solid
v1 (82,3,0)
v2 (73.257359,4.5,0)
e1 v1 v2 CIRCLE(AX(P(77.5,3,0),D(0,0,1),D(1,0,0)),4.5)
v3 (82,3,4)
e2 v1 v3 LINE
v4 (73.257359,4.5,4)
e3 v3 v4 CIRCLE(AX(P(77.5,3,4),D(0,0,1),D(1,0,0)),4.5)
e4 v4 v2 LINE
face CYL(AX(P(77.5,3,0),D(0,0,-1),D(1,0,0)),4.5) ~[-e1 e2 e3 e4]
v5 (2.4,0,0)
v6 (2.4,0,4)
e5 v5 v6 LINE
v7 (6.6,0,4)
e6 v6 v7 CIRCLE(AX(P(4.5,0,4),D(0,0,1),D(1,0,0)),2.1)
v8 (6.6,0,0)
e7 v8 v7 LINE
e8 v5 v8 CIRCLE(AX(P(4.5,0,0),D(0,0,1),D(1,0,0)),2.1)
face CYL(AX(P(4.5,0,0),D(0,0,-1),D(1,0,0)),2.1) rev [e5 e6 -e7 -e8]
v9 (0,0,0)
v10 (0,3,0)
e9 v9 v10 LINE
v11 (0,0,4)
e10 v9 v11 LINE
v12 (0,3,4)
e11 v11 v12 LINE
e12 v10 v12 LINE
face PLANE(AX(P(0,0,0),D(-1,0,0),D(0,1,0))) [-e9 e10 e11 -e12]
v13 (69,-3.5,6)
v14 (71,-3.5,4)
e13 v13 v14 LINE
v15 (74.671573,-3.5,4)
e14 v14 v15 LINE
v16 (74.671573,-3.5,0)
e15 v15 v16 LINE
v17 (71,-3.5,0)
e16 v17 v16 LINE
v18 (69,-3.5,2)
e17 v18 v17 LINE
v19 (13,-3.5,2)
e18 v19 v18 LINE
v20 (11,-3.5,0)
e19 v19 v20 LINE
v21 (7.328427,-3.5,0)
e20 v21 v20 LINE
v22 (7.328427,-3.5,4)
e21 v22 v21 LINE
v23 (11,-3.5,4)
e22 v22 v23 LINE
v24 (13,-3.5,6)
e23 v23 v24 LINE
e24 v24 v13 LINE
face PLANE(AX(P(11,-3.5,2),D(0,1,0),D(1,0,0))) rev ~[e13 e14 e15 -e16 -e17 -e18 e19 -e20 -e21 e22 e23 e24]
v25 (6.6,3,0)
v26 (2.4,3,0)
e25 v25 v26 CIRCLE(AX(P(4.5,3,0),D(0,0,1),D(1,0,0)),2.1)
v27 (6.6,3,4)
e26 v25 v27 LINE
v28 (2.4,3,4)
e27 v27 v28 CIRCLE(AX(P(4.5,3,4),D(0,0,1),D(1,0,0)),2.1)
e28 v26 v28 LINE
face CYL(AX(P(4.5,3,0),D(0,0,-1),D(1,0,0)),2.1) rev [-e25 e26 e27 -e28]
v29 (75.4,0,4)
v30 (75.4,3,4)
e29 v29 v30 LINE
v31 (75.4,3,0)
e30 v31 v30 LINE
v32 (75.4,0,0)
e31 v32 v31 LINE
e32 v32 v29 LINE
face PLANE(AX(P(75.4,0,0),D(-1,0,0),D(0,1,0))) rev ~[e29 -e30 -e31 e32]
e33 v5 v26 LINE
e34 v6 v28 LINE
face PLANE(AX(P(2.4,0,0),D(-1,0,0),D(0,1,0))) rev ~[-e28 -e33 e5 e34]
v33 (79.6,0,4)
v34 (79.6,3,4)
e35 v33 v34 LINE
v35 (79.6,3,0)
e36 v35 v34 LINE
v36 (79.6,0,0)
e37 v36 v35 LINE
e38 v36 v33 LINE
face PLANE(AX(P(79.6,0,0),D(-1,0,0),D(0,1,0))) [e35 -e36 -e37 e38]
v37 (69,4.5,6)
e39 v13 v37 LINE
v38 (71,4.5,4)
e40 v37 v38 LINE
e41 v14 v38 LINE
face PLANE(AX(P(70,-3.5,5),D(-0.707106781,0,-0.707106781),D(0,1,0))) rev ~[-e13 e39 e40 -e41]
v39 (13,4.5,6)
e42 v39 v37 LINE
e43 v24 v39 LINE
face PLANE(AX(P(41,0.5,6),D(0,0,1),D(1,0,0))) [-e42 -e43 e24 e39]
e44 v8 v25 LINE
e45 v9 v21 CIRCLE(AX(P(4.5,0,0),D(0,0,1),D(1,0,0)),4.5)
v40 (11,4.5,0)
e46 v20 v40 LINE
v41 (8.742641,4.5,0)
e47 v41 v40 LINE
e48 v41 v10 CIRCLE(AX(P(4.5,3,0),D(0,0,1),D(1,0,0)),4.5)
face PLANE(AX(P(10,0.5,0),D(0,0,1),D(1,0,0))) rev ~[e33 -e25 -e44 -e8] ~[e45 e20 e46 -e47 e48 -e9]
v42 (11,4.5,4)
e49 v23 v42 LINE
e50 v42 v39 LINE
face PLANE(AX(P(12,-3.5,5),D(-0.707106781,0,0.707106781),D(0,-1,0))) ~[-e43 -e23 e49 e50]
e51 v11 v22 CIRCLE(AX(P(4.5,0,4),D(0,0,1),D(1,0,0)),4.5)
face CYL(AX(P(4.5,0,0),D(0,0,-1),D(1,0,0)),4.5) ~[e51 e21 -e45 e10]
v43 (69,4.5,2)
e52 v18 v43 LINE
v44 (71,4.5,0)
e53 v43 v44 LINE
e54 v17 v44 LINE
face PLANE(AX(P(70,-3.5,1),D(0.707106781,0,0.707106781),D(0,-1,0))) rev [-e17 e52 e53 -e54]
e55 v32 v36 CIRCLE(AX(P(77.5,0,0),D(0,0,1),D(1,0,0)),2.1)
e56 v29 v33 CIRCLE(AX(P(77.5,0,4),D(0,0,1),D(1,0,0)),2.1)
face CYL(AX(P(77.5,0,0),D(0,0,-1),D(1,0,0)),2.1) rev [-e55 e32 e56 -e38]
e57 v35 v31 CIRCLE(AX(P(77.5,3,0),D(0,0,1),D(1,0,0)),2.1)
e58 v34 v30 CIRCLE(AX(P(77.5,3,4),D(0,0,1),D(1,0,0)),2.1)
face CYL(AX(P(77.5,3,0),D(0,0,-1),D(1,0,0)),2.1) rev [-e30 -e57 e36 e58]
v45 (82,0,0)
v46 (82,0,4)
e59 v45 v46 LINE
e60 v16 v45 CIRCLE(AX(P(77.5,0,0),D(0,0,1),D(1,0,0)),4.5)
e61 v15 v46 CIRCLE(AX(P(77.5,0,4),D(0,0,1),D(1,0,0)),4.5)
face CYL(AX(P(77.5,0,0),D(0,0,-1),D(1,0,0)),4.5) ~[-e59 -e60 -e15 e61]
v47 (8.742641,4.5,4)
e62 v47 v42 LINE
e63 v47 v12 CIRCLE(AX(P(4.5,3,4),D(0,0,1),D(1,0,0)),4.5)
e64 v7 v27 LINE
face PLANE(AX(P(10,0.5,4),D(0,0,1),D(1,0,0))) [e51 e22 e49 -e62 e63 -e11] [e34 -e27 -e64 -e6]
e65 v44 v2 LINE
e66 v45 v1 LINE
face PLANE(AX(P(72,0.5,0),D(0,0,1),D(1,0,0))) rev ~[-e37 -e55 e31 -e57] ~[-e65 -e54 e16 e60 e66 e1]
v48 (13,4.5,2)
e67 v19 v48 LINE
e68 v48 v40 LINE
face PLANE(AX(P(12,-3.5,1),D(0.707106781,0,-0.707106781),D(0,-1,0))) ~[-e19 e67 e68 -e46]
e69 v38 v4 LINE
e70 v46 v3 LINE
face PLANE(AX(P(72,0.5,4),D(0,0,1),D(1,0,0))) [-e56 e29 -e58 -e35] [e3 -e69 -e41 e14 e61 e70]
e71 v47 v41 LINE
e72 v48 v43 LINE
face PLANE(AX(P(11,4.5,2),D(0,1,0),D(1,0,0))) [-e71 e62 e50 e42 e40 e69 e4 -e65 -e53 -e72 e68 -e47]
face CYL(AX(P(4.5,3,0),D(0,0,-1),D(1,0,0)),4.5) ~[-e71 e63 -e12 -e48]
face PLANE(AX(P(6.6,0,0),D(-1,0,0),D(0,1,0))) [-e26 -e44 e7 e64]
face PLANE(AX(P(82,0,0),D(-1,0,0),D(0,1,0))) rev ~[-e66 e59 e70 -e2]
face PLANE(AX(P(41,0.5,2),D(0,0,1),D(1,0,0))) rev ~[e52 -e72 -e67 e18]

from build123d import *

# Parameters (mm, degrees)
BOX002_W          = 4.2
BOX002_H          = 3
BOX002_DEPTH      = 4
CYLINDER005_R     = 2.1
CYLINDER005_DEPTH = 4
CYLINDER004_R     = 2.1
CYLINDER004_DEPTH = 4
BOX003_W          = 9
BOX003_H          = 3
BOX003_DEPTH      = 4
CYLINDER006_R     = 4.5
CYLINDER006_DEPTH = 4
CYLINDER007_R     = 4.5
CYLINDER007_DEPTH = 4
BOX005_W          = 6
BOX005_H          = 8
BOX005_DEPTH      = 4
CHAMFER002_SIZE   = 2
BOX006_W          = 60
BOX006_H          = 8
BOX006_DEPTH      = 4
CHAMFER_SIZE      = 2
CHAMFER003_SIZE   = 2
BOX004_W          = 6
BOX004_H          = 8
BOX004_DEPTH      = 4
CHAMFER001_SIZE   = 2
BOX_W             = 4.2
BOX_H             = 3
BOX_DEPTH         = 4
CYLINDER001_R     = 2.1
CYLINDER001_DEPTH = 4
CYLINDER_R        = 2.1
CYLINDER_DEPTH    = 4
BOX001_W          = 9
BOX001_H          = 3
BOX001_DEPTH      = 4
CYLINDER003_R     = 4.5
CYLINDER003_DEPTH = 4
CYLINDER002_R     = 4.5
CYLINDER002_DEPTH = 4


with BuildPart() as w_rfel002:
    # Box002 → Box002 (new body)
    with BuildSketch(Plane(origin=(-2.1, 0, 0), x_dir=(1, 0, 0), z_dir=(0, 0, 1))):
        with Locations((2.1, 1.5)):
            Rectangle(BOX002_W, BOX002_H)
    extrude(amount=BOX002_DEPTH)


with BuildPart() as zylinder005:
    # Cylinder005 → Cylinder005 (new body)
    with BuildSketch(Plane(origin=(0, 3, 0), x_dir=(1, 0, 0), z_dir=(0, 0, 1))):
        Circle(CYLINDER005_R)
    extrude(amount=CYLINDER005_DEPTH)


with BuildPart() as fusion002:
    # Cylinder004 → Cylinder004 (new body)
    with BuildSketch(Plane.XY):
        Circle(CYLINDER004_R)
    extrude(amount=CYLINDER004_DEPTH)

    # Fusion002: union Würfel002, Zylinder005
    add(w_rfel002.part)
    add(zylinder005.part)


with BuildPart() as w_rfel003:
    # Box003 → Box003 (new body)
    with BuildSketch(Plane(origin=(-4.5, 0, 0), x_dir=(1, 0, 0), z_dir=(0, 0, 1))):
        with Locations((4.5, 1.5)):
            Rectangle(BOX003_W, BOX003_H)
    extrude(amount=BOX003_DEPTH)


with BuildPart() as zylinder006:
    # Cylinder006 → Cylinder006 (new body)
    with BuildSketch(Plane(origin=(0, 3, 0), x_dir=(1, 0, 0), z_dir=(0, 0, 1))):
        Circle(CYLINDER006_R)
    extrude(amount=CYLINDER006_DEPTH)


with BuildPart() as cut001:
    # Cylinder007 → Cylinder007 (new body)
    with BuildSketch(Plane.XY):
        Circle(CYLINDER007_R)
    extrude(amount=CYLINDER007_DEPTH)

    # Fusion003: union Würfel003, Zylinder006
    add(w_rfel003.part)
    add(zylinder006.part)

    # Cut001: cut Fusion002
    add(fusion002.part, mode=Mode.SUBTRACT)


with BuildPart() as cut001_1:
    # Cut001 placement: moved
    add(cut001.part.moved(Location((77.5, 0, 0))))


with BuildPart() as chamfer002:
    # Box005 → Box005 (new body)
    with BuildSketch(Plane(origin=(69, -3.5, 0), x_dir=(1, 0, 0), z_dir=(0, 0, 1))):
        with Locations((3, 4)):
            Rectangle(BOX005_W, BOX005_H)
    extrude(amount=BOX005_DEPTH)

    # Chamfer002
    chamfer002_edges = [chamfer002.edges().sort_by_distance(p)[0] for p in [
        (69, 0.5, 0),
    ]]
    chamfer(chamfer002_edges, length=CHAMFER002_SIZE)


with BuildPart() as chamfer003:
    # Box006 → Box006 (new body)
    with BuildSketch(Plane(origin=(11, -3.5, 2), x_dir=(1, 0, 0), z_dir=(0, 0, 1))):
        with Locations((30, 4)):
            Rectangle(BOX006_W, BOX006_H)
    extrude(amount=BOX006_DEPTH)

    # Chamfer
    chamfer_edges = [chamfer003.edges().sort_by_distance(p)[0] for p in [
        (11, 0.5, 6),
    ]]
    chamfer(chamfer_edges, length=CHAMFER_SIZE)

    # Chamfer003
    chamfer003_edges = [chamfer003.edges().sort_by_distance(p)[0] for p in [
        (71, 0.5, 6),
    ]]
    chamfer(chamfer003_edges, length=CHAMFER003_SIZE)


with BuildPart() as fusion004:
    # Box004 → Box004 (new body)
    with BuildSketch(Plane(origin=(7, -3.5, 0), x_dir=(1, 0, 0), z_dir=(0, 0, 1))):
        with Locations((3, 4)):
            Rectangle(BOX004_W, BOX004_H)
    extrude(amount=BOX004_DEPTH)

    # Chamfer001
    chamfer001_edges = [fusion004.edges().sort_by_distance(p)[0] for p in [
        (13, 0.5, 0),
    ]]
    chamfer(chamfer001_edges, length=CHAMFER001_SIZE)

    # Fusion004: union Chamfer002, Chamfer003
    add(chamfer002.part)
    add(chamfer003.part)


with BuildPart() as w_rfel:
    # Box → Box (new body)
    with BuildSketch(Plane(origin=(-2.1, 0, 0), x_dir=(1, 0, 0), z_dir=(0, 0, 1))):
        with Locations((2.1, 1.5)):
            Rectangle(BOX_W, BOX_H)
    extrude(amount=BOX_DEPTH)


with BuildPart() as zylinder001:
    # Cylinder001 → Cylinder001 (new body)
    with BuildSketch(Plane(origin=(0, 3, 0), x_dir=(1, 0, 0), z_dir=(0, 0, 1))):
        Circle(CYLINDER001_R)
    extrude(amount=CYLINDER001_DEPTH)


with BuildPart() as fusion:
    # Cylinder → Cylinder (new body)
    with BuildSketch(Plane.XY):
        Circle(CYLINDER_R)
    extrude(amount=CYLINDER_DEPTH)

    # Fusion: union Würfel, Zylinder001
    add(w_rfel.part)
    add(zylinder001.part)


with BuildPart() as w_rfel001:
    # Box001 → Box001 (new body)
    with BuildSketch(Plane(origin=(-4.5, 0, 0), x_dir=(1, 0, 0), z_dir=(0, 0, 1))):
        with Locations((4.5, 1.5)):
            Rectangle(BOX001_W, BOX001_H)
    extrude(amount=BOX001_DEPTH)


with BuildPart() as zylinder003:
    # Cylinder003 → Cylinder003 (new body)
    with BuildSketch(Plane(origin=(0, 3, 0), x_dir=(1, 0, 0), z_dir=(0, 0, 1))):
        Circle(CYLINDER003_R)
    extrude(amount=CYLINDER003_DEPTH)


with BuildPart() as fusion005:
    # Cylinder002 → Cylinder002 (new body)
    with BuildSketch(Plane.XY):
        Circle(CYLINDER002_R)
    extrude(amount=CYLINDER002_DEPTH)

    # Fusion001: union Würfel001, Zylinder003
    add(w_rfel001.part)
    add(zylinder003.part)

    # Cut: cut Fusion
    add(fusion.part, mode=Mode.SUBTRACT)


with BuildPart() as fusion005_1:
    # Cut placement: moved
    add(fusion005.part.moved(Location((4.5, 0, 0))))

    # Fusion005: union Cut001, Fusion004
    add(cut001_1.part)
    add(fusion004.part)


solid = fusion005_1.part
